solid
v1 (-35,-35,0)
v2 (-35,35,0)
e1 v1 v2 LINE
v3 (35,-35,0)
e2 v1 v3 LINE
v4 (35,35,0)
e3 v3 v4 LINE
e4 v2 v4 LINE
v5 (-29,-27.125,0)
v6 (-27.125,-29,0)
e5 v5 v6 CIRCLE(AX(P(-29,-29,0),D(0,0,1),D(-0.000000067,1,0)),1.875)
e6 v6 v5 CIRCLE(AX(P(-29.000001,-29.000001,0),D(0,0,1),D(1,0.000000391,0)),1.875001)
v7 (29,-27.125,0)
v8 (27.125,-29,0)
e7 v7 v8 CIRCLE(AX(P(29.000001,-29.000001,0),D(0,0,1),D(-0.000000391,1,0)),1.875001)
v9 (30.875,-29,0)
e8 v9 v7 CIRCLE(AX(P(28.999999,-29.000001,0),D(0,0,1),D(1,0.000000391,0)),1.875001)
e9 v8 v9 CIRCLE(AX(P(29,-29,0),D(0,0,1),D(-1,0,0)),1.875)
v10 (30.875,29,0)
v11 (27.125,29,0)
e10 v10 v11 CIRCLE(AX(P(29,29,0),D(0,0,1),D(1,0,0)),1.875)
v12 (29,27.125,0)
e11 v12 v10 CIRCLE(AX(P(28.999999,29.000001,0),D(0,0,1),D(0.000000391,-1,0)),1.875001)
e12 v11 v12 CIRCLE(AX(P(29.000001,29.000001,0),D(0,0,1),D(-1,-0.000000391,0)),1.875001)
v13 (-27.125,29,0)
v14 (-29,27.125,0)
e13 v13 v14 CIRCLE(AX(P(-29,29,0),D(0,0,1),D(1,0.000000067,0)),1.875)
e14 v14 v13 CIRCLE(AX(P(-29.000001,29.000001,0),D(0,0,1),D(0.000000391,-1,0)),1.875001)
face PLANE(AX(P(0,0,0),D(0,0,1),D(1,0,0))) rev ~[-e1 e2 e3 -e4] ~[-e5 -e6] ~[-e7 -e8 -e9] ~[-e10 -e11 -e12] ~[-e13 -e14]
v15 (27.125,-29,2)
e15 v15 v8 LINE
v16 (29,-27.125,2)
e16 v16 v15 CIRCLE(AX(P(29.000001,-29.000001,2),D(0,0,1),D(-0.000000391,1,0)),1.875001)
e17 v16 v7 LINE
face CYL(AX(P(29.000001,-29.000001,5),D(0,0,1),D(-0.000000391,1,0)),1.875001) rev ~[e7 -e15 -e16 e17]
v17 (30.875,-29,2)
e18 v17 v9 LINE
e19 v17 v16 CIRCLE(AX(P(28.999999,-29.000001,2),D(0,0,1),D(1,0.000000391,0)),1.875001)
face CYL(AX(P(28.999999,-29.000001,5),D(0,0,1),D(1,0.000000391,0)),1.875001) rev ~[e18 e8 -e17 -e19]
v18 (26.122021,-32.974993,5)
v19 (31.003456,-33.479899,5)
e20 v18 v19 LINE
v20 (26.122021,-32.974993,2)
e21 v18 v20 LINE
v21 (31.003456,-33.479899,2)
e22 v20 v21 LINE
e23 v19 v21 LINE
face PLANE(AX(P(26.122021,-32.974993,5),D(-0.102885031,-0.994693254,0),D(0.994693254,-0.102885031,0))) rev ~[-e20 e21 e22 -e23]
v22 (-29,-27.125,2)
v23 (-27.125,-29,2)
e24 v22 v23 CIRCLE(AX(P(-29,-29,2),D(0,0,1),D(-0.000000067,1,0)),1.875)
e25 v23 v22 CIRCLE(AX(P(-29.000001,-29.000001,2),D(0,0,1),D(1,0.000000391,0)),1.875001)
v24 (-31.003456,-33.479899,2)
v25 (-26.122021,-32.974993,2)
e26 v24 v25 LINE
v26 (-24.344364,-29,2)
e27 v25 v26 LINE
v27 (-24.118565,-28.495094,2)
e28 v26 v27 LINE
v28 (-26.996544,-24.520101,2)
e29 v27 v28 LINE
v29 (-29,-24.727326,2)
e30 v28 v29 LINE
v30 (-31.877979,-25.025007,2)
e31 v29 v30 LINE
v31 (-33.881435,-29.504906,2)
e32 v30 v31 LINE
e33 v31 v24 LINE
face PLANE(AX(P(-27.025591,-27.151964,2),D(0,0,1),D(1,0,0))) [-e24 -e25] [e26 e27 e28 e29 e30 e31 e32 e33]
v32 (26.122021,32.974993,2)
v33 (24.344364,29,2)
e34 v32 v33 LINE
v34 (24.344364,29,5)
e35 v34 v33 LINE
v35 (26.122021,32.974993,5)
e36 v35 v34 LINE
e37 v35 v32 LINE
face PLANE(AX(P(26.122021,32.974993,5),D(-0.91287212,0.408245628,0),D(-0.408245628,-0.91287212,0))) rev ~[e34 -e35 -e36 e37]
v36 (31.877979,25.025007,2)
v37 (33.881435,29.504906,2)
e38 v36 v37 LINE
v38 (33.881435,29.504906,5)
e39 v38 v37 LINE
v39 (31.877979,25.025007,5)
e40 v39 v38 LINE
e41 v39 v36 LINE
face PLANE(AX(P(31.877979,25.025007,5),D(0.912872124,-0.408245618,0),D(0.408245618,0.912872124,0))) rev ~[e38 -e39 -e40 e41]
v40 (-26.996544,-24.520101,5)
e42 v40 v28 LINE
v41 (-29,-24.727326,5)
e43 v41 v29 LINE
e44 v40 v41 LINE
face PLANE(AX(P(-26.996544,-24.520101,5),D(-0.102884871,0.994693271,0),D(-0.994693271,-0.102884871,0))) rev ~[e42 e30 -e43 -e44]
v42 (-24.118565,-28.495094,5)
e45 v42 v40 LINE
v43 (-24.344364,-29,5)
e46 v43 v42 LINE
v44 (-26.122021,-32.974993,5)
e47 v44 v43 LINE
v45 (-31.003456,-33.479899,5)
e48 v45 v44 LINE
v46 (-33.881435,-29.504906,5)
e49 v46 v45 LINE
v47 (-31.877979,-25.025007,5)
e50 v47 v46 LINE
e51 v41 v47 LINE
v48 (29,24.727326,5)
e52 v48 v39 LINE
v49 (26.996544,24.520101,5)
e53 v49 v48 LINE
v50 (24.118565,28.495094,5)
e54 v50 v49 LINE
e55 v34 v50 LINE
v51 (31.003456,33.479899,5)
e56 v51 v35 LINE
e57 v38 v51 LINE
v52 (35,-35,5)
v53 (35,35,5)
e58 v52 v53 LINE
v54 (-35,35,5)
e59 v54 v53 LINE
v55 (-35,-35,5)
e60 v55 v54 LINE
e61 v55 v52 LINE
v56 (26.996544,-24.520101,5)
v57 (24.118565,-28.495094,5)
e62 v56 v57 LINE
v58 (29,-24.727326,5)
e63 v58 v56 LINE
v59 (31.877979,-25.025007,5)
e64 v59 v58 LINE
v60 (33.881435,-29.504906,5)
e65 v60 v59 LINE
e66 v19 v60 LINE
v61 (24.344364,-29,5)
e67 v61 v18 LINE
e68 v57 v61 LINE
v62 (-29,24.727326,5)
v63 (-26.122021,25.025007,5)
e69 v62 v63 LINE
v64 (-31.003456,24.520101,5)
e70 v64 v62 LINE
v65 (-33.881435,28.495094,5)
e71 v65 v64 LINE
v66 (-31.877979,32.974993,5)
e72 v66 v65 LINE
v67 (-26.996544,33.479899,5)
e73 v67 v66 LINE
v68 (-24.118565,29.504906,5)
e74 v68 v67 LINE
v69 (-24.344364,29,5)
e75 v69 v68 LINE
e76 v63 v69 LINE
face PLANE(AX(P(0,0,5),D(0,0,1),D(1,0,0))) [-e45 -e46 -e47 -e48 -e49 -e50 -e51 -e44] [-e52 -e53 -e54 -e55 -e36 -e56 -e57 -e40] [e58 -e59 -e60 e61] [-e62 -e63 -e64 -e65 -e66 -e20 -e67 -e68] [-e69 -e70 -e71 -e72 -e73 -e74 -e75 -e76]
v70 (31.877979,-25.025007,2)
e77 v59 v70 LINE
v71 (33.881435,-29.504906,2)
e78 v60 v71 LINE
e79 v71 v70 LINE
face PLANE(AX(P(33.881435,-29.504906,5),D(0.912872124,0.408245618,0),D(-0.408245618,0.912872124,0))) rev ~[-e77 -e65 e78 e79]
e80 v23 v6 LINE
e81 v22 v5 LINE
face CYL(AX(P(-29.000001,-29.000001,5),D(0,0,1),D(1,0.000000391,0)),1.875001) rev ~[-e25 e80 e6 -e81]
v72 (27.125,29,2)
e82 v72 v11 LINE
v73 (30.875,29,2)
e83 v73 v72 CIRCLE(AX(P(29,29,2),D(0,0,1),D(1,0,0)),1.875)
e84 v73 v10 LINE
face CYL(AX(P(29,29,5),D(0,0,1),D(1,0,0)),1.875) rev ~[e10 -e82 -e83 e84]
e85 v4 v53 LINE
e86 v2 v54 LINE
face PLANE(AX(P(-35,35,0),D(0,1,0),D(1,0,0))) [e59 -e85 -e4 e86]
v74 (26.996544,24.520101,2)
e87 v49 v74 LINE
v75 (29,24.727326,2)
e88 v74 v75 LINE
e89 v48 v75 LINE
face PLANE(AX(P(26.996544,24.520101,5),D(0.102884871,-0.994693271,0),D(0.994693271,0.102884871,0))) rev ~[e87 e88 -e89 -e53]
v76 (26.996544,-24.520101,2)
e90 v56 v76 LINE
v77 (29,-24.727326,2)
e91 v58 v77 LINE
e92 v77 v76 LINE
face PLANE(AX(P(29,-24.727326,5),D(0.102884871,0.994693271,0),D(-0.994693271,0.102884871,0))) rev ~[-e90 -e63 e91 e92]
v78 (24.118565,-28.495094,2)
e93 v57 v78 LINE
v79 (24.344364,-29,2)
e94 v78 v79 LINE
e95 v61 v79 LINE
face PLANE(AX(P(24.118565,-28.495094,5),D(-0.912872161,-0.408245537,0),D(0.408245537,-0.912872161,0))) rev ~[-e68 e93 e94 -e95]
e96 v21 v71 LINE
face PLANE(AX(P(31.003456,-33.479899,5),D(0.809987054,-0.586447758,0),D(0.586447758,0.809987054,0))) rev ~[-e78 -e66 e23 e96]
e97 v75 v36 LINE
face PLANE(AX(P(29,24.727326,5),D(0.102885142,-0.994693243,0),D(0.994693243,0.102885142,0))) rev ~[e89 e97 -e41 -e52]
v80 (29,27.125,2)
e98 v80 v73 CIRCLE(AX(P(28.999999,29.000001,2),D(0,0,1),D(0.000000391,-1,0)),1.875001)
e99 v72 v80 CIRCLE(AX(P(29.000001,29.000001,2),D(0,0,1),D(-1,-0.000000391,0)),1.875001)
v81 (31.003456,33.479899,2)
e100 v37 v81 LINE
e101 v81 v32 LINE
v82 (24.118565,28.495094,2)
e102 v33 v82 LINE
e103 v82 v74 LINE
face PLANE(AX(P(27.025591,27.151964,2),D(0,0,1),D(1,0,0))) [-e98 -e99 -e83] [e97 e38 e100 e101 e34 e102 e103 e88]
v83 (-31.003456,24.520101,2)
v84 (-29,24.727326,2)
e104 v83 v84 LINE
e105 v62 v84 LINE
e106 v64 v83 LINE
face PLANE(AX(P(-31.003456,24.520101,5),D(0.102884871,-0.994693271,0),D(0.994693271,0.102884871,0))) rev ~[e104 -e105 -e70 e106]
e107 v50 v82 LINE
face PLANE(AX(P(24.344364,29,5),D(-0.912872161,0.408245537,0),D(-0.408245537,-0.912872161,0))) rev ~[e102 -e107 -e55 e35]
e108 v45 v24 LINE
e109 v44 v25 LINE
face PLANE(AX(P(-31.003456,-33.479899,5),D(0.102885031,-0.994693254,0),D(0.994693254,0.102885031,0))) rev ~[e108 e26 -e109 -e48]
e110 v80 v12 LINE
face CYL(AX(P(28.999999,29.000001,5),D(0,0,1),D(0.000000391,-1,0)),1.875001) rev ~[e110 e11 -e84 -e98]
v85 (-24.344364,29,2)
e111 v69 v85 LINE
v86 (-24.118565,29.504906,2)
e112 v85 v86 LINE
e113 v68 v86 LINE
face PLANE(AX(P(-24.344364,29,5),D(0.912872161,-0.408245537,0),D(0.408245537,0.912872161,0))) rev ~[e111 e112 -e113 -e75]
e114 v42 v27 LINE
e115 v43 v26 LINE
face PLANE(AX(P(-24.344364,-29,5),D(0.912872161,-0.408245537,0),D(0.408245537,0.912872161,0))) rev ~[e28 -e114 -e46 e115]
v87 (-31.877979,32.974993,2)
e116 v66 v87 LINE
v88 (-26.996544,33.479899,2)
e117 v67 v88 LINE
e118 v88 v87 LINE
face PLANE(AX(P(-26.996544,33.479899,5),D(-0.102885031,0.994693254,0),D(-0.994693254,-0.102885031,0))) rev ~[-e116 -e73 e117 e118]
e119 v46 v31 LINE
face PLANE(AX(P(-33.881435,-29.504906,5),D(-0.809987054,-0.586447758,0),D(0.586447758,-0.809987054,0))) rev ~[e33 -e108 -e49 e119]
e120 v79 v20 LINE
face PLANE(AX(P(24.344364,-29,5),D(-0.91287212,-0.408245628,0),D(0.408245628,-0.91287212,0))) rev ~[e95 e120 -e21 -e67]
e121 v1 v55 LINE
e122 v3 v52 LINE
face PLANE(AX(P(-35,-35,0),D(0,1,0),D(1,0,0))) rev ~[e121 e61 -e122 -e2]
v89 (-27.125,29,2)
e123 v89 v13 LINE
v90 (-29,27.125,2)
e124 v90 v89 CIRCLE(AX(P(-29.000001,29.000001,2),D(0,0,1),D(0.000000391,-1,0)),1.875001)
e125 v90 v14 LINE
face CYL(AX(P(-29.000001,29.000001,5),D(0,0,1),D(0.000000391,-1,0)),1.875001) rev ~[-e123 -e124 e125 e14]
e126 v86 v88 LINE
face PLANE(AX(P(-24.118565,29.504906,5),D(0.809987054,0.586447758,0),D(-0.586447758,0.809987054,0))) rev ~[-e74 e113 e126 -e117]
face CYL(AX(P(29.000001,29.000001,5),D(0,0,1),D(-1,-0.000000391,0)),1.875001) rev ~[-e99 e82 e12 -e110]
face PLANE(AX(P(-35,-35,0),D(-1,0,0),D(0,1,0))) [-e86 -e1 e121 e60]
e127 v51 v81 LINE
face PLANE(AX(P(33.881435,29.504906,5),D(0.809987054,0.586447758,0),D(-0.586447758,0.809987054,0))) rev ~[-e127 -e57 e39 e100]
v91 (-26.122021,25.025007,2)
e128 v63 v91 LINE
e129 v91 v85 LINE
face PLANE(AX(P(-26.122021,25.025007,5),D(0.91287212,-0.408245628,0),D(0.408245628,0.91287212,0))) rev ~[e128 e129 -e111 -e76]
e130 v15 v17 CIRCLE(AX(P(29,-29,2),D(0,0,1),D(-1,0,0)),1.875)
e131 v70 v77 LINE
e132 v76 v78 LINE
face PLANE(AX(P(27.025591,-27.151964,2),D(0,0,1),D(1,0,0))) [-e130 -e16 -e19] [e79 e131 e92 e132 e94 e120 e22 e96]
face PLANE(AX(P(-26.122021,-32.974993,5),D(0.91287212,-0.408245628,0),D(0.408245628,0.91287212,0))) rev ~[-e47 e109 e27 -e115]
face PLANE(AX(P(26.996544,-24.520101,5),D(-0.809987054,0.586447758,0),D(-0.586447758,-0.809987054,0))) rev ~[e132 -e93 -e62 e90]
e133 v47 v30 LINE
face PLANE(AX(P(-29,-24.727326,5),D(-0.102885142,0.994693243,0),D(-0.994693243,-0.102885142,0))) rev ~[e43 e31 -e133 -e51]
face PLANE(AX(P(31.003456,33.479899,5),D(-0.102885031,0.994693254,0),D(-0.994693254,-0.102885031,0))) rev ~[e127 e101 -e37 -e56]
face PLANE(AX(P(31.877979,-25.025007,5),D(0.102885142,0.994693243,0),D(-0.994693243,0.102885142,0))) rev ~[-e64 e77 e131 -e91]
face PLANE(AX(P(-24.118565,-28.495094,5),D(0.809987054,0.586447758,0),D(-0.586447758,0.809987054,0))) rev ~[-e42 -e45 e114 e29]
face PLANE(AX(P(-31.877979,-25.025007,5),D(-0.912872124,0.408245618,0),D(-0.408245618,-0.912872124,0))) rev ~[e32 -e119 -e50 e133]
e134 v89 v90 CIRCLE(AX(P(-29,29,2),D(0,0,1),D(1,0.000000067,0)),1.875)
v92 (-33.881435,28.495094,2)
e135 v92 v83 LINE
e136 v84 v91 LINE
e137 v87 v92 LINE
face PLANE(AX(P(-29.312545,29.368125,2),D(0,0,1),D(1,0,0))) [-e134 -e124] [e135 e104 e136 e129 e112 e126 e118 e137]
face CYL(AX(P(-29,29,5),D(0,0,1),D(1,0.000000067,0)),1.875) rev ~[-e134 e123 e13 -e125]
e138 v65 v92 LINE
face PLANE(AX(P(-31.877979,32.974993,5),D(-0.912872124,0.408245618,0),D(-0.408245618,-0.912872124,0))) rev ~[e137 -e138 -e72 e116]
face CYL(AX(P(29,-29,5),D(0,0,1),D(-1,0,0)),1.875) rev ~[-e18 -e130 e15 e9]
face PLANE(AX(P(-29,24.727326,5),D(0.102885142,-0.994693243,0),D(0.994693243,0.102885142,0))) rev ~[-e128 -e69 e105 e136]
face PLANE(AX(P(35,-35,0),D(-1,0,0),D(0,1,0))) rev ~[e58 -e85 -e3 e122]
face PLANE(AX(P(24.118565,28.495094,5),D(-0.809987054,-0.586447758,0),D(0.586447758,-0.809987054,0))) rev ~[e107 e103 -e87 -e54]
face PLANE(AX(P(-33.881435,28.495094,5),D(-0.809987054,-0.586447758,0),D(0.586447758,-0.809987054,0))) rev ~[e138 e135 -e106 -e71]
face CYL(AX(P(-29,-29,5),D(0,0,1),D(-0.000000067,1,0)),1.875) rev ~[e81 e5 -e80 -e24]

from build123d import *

# Parameters (mm, degrees)
F0_W     = 70
F0_H     = 70
F1_DEPTH = 5
F3_DEPTH = 3
F5_DEPTH = 25


with BuildPart() as f1:
    # F0 (on Top) → F1 (new body)
    with BuildSketch(Plane.XY):
        Rectangle(F0_W, F0_H)
    extrude(amount=F1_DEPTH)

    # F2 (on face) → F3 (cut)
    with BuildSketch(Plane.XY.offset(5)):
        Polygon((-29, -24.727326), (-29, -29), (-24.344364, -29), (-24.118565, -28.495094), (-26.996544, -24.520101), align=None)
        Polygon((-24.344364, -29), (-29, -29), (-29, -24.727326), (-31.877979, -25.025007), (-33.881435, -29.504906), (-31.003456, -33.479899), (-26.122021, -32.974993), align=None)
        Polygon((24.118565, -28.495094), (24.344364, -29), (29, -29), (29, -24.727326), (26.996544, -24.520101), align=None)
        Polygon((29, -29), (24.344364, -29), (26.122021, -32.974993), (31.003456, -33.479899), (33.881435, -29.504906), (31.877979, -25.025007), (29, -24.727326), align=None)
        Polygon((-31.003456, 24.520101), (-29, 24.727326), (-29, 29), (-24.344364, 29), (-24.118565, 29.504906), (-26.996544, 33.479899), (-31.877979, 32.974993), (-33.881435, 28.495094), align=None)
        Polygon((-29, 29), (-29, 24.727326), (-26.122021, 25.025007), (-24.344364, 29), align=None)
        Polygon((26.996544, 24.520101), (29, 24.727326), (29, 29), (24.344364, 29), (24.118565, 28.495094), align=None)
        Polygon((29, 29), (29, 24.727326), (31.877979, 25.025007), (33.881435, 29.504906), (31.003456, 33.479899), (26.122021, 32.974993), (24.344364, 29), align=None)
    extrude(amount=-F3_DEPTH, mode=Mode.SUBTRACT)

    # F4 (on face) → F5 (cut)
    with BuildSketch(Plane.XY.offset(5)):
        with BuildLine():
            Line((-29, -27.125), (-29, -29))
            Line((-29, -29), (-27.125, -29))
            ThreePointArc((-27.125, -29), (-27.674175, -27.674175), (-29, -27.125))
        make_face()
        with BuildLine():
            Line((-27.125, -29), (-29, -29))
            Line((-29, -29), (-29, -27.125))
            ThreePointArc((-29, -27.125), (-30.325825, -30.325825), (-27.125, -29))
        make_face()
        with BuildLine():
            ThreePointArc((29, -27.125), (27.674175, -27.674175), (27.125, -29))
            Line((27.125, -29), (29, -29))
            Line((29, -29), (29, -27.125))
        make_face()
        with BuildLine():
            Line((29, -29), (27.125, -29))
            ThreePointArc((27.125, -29), (29, -30.875), (30.875, -29))
            ThreePointArc((30.875, -29), (30.325825, -27.674175), (29, -27.125))
            Line((29, -27.125), (29, -29))
        make_face()
        with BuildLine():
            ThreePointArc((-27.125, 29), (-30.325825, 30.325825), (-29, 27.125))
            Line((-29, 27.125), (-29, 29))
            Line((-29, 29), (-27.125, 29))
        make_face()
        with BuildLine():
            Line((-29, 29), (-29, 27.125))
            ThreePointArc((-29, 27.125), (-27.674175, 27.674175), (-27.125, 29))
            Line((-27.125, 29), (-29, 29))
        make_face()
        with BuildLine():
            Line((29, 29), (27.125, 29))
            ThreePointArc((27.125, 29), (27.674175, 27.674175), (29, 27.125))
            Line((29, 27.125), (29, 29))
        make_face()
        with BuildLine():
            ThreePointArc((30.875, 29), (29, 30.875), (27.125, 29))
            Line((27.125, 29), (29, 29))
            Line((29, 29), (29, 27.125))
            ThreePointArc((29, 27.125), (30.325825, 27.674175), (30.875, 29))
        make_face()
    extrude(amount=-F5_DEPTH, mode=Mode.SUBTRACT)


solid = f1.part
